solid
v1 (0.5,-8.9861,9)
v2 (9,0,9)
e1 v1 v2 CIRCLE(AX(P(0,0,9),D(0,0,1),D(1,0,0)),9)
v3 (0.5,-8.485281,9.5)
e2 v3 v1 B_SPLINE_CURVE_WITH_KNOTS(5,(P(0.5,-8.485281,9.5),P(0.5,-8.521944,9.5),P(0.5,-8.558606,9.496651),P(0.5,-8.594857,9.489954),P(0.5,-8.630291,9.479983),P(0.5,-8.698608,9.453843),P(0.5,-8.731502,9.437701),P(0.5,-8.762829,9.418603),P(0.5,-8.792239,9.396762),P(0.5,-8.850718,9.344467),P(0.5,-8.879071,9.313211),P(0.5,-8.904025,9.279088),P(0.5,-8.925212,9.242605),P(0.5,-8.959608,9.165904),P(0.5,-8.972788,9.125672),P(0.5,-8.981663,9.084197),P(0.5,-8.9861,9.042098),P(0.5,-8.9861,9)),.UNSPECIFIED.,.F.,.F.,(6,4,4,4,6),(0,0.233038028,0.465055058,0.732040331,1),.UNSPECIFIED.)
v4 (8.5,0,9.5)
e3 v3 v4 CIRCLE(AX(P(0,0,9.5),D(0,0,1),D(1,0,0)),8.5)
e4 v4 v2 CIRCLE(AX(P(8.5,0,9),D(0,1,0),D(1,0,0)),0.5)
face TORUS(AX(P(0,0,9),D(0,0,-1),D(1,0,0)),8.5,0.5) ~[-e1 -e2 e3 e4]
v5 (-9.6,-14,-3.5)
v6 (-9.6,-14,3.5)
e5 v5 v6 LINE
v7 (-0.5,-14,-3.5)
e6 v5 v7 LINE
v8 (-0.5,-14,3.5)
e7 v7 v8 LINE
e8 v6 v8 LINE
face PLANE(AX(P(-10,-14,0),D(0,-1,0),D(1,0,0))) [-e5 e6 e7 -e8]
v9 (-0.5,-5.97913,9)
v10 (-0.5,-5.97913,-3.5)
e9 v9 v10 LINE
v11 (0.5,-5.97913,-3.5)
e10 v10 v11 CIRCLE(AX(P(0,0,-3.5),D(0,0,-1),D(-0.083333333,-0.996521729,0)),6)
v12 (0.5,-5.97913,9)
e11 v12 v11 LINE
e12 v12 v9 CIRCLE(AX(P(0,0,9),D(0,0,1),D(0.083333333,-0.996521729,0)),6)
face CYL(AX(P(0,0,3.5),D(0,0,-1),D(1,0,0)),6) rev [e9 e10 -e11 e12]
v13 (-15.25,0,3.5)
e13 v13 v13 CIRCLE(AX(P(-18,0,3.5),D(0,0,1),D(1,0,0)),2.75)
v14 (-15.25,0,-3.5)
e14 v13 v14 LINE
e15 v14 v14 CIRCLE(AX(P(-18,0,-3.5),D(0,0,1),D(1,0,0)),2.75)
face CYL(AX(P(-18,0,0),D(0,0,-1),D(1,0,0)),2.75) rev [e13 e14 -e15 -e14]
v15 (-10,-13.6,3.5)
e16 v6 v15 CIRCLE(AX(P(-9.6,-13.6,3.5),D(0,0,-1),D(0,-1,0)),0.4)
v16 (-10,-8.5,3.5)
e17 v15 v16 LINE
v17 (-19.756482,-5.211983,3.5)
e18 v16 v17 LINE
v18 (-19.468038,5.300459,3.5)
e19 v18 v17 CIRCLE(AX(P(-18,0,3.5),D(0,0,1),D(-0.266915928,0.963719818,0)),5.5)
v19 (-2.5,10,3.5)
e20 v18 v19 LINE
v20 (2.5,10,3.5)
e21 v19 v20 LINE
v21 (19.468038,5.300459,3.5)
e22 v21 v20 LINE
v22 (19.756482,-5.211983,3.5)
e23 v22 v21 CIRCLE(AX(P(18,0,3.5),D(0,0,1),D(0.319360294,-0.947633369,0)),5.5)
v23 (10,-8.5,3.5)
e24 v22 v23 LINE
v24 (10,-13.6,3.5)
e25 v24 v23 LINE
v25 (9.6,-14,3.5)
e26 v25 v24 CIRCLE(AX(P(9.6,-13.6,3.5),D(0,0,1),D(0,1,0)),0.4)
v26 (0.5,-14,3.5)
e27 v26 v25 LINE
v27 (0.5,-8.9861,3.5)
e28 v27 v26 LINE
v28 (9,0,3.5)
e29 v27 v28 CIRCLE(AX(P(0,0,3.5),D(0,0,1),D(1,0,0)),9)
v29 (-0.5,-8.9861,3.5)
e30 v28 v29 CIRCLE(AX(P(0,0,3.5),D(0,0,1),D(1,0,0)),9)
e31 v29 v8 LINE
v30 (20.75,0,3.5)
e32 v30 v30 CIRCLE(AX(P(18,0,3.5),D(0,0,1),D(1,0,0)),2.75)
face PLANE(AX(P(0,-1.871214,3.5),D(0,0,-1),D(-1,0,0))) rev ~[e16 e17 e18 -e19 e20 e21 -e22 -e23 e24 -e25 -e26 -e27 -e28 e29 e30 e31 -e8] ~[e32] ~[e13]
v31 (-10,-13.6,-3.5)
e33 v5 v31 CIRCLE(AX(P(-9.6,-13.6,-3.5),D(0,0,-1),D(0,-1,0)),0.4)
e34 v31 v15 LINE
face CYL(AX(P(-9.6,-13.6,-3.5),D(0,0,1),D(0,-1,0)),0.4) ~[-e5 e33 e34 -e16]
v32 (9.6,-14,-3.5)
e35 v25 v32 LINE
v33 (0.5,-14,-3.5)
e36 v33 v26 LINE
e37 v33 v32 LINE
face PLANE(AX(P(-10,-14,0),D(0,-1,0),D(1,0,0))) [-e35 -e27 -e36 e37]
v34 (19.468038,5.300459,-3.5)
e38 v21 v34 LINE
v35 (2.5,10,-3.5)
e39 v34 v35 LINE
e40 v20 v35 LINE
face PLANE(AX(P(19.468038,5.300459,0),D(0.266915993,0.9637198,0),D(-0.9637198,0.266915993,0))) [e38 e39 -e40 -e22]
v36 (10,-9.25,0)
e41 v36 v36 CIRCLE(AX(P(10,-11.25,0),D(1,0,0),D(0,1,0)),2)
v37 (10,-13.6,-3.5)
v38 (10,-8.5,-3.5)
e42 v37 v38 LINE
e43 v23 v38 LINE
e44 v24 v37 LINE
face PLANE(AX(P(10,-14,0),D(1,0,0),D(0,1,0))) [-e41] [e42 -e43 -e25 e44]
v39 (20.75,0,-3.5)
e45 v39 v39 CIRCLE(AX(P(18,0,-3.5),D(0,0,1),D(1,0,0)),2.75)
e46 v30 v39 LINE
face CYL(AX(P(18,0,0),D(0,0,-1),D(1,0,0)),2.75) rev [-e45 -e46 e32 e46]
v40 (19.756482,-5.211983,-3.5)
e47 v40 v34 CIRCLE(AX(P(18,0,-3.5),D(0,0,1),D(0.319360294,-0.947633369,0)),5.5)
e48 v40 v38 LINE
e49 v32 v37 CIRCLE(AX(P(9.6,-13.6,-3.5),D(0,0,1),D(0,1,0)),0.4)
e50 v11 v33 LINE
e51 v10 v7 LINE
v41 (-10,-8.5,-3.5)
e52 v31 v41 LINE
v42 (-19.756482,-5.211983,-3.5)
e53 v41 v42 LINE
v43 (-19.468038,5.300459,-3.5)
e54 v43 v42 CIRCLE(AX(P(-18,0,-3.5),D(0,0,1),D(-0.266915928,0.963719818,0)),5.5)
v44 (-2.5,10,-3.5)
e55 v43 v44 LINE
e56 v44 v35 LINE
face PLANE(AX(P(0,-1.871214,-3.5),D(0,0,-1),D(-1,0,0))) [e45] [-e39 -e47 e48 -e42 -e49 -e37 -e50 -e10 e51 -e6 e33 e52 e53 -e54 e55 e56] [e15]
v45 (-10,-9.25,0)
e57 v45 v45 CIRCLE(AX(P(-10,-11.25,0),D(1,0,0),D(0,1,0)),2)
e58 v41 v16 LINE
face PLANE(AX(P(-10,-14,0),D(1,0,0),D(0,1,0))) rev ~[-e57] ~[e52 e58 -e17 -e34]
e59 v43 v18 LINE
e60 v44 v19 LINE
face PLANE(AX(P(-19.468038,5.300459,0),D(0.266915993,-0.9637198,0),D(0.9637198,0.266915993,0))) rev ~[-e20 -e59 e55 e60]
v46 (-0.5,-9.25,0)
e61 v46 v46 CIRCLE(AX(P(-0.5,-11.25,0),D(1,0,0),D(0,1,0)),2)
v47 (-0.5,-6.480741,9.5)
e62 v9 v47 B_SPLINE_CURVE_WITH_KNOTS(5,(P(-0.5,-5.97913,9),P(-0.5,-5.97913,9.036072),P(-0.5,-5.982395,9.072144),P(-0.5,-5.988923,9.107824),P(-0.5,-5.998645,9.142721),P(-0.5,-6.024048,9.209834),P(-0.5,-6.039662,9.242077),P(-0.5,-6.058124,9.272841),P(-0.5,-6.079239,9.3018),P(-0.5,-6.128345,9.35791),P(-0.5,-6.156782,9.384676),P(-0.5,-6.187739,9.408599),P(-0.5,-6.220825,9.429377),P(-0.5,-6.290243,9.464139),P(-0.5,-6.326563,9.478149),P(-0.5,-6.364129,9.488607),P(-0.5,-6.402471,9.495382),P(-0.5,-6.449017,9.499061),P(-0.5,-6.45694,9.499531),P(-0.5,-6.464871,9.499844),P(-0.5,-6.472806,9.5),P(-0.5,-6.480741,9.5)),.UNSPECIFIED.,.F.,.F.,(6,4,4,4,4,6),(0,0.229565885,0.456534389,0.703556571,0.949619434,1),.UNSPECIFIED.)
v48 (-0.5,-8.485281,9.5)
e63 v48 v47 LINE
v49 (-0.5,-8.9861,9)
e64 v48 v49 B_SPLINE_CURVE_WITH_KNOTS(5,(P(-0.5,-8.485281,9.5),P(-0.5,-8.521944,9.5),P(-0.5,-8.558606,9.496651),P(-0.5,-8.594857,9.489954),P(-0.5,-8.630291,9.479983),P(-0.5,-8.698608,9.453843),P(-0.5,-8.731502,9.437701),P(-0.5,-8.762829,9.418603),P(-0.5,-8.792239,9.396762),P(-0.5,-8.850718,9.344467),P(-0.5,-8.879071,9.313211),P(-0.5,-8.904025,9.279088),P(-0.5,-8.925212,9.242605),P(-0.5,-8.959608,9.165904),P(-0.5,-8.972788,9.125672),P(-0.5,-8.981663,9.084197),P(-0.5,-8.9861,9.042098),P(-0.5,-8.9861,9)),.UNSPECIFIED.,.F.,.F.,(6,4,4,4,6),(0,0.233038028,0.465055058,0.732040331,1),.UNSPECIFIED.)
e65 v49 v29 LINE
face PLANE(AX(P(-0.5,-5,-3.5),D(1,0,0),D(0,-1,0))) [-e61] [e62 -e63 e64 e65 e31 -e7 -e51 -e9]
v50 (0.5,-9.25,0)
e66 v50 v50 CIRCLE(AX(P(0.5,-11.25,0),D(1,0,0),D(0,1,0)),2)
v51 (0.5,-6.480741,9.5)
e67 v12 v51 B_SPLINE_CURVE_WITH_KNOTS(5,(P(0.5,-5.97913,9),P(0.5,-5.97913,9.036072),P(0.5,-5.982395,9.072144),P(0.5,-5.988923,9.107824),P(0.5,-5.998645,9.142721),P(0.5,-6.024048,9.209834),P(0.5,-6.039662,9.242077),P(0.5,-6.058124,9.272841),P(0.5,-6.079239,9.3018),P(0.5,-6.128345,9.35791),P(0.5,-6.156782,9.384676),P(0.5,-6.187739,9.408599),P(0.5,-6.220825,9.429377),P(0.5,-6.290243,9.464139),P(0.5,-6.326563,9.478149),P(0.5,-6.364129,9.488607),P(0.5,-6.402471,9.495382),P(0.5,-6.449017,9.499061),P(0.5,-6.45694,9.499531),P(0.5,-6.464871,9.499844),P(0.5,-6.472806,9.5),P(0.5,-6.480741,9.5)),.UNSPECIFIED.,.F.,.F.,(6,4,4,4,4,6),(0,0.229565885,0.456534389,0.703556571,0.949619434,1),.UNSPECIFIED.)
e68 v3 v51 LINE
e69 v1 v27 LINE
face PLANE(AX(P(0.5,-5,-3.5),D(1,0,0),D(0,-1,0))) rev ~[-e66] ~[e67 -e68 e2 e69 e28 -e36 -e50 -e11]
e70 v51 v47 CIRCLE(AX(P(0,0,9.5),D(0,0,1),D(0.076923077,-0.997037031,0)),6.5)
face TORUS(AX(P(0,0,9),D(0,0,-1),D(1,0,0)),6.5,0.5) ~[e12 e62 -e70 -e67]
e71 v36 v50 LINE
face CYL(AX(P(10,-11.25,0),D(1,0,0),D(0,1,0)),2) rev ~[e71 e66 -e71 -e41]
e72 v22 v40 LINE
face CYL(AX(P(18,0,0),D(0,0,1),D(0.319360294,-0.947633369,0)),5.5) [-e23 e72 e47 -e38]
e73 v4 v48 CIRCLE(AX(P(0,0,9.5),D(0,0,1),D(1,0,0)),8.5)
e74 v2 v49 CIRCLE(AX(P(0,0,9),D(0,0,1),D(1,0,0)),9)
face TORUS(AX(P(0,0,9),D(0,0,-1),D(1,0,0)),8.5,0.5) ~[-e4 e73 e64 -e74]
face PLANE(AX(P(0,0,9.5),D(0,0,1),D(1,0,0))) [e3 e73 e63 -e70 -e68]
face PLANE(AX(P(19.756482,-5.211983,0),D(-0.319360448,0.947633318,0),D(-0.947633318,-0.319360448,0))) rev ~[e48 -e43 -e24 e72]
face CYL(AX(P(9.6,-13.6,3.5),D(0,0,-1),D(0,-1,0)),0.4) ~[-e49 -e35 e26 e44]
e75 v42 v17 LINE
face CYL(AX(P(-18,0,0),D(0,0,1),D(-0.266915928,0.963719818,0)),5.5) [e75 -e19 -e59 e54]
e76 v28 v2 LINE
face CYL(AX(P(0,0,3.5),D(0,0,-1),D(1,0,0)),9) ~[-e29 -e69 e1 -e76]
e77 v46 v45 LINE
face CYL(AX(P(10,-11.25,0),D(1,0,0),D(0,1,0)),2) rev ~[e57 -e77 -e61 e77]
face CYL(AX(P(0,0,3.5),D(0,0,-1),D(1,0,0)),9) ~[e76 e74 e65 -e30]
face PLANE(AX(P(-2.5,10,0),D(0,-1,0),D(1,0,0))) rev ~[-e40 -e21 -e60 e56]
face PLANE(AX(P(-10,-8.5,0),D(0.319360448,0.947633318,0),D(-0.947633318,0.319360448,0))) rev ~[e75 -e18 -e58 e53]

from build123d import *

# Parameters (mm, degrees)
SKETCH_R        = 6
SKETCH_R_2      = 2.75
PAD_DEPTH       = 3.5
SKETCH003_R     = 9
SKETCH003_R_2   = 6
PAD001_DEPTH    = 6
FILLET_R        = 0.4
SKETCH004_R     = 2
POCKET_DEPTH    = 33.501
FILLET001_R     = 0.5
SKETCH005_W     = 1
SKETCH005_H     = 10
POCKET001_DEPTH = 13.001


with BuildPart() as part:
    # Sketch → Pad (new body, symmetric)
    with BuildSketch(Plane.XY):
        with BuildLine():
            Line((-2.5, 10), (2.5, 10))
            Line((19.468038, 5.300459), (2.5, 10))
            ThreePointArc((19.756482, -5.211983), (23.497931, 0.150854), (19.468038, 5.300459))
            Line((19.756482, -5.211983), (10, -8.5))
            Line((10, -14), (10, -8.5))
            Line((-10, -14), (10, -14))
            Line((-10, -14), (-10, -8.5))
            Line((-10, -8.5), (-19.756482, -5.211983))
            ThreePointArc((-19.468038, 5.300459), (-23.497931, 0.150854), (-19.756482, -5.211983))
            Line((-19.468038, 5.300459), (-2.5, 10))
        make_face()
        Circle(SKETCH_R, mode=Mode.SUBTRACT)
        with Locations((18, 0)):
            Circle(SKETCH_R_2, mode=Mode.SUBTRACT)
        with Locations((-18, 0)):
            Circle(SKETCH_R_2, mode=Mode.SUBTRACT)
    extrude(amount=PAD_DEPTH, both=True)

    # Sketch003 → Pad001 (join)
    with BuildSketch(Plane.XY.offset(3.5)):
        Circle(SKETCH003_R)
        Circle(SKETCH003_R_2, mode=Mode.SUBTRACT)
    extrude(amount=PAD001_DEPTH)

    # Fillet
    fillet_edges = [part.edges().sort_by_distance(p)[0] for p in [
        (10, -14, 0),
        (-10, -14, 0),
    ]]
    fillet(fillet_edges, radius=FILLET_R)

    # Sketch004 (on Face10 of Pad001) → Pocket (cut, through all)
    with BuildSketch(Plane.YZ.offset(10)):
        with Locations((-11.25, 0)):
            Circle(SKETCH004_R)
    extrude(amount=-POCKET_DEPTH, mode=Mode.SUBTRACT)

    # Fillet001
    fillet001_edges = [part.edges().sort_by_distance(p)[0] for p in [
        (-9, 0, 9.5),
        (-6, 0, 9.5),
    ]]
    fillet(fillet001_edges, radius=FILLET001_R)

    # Sketch005 (on Face3 of Fillet001) → Pocket001 (cut, through all)
    with BuildSketch(Plane(origin=(0, 0, -3.5), x_dir=(1, 0, 0), z_dir=(0, 0, -1))):
        with Locations((0, 10)):
            Rectangle(SKETCH005_W, SKETCH005_H)
    extrude(amount=-POCKET001_DEPTH, mode=Mode.SUBTRACT)


solid = part.part
